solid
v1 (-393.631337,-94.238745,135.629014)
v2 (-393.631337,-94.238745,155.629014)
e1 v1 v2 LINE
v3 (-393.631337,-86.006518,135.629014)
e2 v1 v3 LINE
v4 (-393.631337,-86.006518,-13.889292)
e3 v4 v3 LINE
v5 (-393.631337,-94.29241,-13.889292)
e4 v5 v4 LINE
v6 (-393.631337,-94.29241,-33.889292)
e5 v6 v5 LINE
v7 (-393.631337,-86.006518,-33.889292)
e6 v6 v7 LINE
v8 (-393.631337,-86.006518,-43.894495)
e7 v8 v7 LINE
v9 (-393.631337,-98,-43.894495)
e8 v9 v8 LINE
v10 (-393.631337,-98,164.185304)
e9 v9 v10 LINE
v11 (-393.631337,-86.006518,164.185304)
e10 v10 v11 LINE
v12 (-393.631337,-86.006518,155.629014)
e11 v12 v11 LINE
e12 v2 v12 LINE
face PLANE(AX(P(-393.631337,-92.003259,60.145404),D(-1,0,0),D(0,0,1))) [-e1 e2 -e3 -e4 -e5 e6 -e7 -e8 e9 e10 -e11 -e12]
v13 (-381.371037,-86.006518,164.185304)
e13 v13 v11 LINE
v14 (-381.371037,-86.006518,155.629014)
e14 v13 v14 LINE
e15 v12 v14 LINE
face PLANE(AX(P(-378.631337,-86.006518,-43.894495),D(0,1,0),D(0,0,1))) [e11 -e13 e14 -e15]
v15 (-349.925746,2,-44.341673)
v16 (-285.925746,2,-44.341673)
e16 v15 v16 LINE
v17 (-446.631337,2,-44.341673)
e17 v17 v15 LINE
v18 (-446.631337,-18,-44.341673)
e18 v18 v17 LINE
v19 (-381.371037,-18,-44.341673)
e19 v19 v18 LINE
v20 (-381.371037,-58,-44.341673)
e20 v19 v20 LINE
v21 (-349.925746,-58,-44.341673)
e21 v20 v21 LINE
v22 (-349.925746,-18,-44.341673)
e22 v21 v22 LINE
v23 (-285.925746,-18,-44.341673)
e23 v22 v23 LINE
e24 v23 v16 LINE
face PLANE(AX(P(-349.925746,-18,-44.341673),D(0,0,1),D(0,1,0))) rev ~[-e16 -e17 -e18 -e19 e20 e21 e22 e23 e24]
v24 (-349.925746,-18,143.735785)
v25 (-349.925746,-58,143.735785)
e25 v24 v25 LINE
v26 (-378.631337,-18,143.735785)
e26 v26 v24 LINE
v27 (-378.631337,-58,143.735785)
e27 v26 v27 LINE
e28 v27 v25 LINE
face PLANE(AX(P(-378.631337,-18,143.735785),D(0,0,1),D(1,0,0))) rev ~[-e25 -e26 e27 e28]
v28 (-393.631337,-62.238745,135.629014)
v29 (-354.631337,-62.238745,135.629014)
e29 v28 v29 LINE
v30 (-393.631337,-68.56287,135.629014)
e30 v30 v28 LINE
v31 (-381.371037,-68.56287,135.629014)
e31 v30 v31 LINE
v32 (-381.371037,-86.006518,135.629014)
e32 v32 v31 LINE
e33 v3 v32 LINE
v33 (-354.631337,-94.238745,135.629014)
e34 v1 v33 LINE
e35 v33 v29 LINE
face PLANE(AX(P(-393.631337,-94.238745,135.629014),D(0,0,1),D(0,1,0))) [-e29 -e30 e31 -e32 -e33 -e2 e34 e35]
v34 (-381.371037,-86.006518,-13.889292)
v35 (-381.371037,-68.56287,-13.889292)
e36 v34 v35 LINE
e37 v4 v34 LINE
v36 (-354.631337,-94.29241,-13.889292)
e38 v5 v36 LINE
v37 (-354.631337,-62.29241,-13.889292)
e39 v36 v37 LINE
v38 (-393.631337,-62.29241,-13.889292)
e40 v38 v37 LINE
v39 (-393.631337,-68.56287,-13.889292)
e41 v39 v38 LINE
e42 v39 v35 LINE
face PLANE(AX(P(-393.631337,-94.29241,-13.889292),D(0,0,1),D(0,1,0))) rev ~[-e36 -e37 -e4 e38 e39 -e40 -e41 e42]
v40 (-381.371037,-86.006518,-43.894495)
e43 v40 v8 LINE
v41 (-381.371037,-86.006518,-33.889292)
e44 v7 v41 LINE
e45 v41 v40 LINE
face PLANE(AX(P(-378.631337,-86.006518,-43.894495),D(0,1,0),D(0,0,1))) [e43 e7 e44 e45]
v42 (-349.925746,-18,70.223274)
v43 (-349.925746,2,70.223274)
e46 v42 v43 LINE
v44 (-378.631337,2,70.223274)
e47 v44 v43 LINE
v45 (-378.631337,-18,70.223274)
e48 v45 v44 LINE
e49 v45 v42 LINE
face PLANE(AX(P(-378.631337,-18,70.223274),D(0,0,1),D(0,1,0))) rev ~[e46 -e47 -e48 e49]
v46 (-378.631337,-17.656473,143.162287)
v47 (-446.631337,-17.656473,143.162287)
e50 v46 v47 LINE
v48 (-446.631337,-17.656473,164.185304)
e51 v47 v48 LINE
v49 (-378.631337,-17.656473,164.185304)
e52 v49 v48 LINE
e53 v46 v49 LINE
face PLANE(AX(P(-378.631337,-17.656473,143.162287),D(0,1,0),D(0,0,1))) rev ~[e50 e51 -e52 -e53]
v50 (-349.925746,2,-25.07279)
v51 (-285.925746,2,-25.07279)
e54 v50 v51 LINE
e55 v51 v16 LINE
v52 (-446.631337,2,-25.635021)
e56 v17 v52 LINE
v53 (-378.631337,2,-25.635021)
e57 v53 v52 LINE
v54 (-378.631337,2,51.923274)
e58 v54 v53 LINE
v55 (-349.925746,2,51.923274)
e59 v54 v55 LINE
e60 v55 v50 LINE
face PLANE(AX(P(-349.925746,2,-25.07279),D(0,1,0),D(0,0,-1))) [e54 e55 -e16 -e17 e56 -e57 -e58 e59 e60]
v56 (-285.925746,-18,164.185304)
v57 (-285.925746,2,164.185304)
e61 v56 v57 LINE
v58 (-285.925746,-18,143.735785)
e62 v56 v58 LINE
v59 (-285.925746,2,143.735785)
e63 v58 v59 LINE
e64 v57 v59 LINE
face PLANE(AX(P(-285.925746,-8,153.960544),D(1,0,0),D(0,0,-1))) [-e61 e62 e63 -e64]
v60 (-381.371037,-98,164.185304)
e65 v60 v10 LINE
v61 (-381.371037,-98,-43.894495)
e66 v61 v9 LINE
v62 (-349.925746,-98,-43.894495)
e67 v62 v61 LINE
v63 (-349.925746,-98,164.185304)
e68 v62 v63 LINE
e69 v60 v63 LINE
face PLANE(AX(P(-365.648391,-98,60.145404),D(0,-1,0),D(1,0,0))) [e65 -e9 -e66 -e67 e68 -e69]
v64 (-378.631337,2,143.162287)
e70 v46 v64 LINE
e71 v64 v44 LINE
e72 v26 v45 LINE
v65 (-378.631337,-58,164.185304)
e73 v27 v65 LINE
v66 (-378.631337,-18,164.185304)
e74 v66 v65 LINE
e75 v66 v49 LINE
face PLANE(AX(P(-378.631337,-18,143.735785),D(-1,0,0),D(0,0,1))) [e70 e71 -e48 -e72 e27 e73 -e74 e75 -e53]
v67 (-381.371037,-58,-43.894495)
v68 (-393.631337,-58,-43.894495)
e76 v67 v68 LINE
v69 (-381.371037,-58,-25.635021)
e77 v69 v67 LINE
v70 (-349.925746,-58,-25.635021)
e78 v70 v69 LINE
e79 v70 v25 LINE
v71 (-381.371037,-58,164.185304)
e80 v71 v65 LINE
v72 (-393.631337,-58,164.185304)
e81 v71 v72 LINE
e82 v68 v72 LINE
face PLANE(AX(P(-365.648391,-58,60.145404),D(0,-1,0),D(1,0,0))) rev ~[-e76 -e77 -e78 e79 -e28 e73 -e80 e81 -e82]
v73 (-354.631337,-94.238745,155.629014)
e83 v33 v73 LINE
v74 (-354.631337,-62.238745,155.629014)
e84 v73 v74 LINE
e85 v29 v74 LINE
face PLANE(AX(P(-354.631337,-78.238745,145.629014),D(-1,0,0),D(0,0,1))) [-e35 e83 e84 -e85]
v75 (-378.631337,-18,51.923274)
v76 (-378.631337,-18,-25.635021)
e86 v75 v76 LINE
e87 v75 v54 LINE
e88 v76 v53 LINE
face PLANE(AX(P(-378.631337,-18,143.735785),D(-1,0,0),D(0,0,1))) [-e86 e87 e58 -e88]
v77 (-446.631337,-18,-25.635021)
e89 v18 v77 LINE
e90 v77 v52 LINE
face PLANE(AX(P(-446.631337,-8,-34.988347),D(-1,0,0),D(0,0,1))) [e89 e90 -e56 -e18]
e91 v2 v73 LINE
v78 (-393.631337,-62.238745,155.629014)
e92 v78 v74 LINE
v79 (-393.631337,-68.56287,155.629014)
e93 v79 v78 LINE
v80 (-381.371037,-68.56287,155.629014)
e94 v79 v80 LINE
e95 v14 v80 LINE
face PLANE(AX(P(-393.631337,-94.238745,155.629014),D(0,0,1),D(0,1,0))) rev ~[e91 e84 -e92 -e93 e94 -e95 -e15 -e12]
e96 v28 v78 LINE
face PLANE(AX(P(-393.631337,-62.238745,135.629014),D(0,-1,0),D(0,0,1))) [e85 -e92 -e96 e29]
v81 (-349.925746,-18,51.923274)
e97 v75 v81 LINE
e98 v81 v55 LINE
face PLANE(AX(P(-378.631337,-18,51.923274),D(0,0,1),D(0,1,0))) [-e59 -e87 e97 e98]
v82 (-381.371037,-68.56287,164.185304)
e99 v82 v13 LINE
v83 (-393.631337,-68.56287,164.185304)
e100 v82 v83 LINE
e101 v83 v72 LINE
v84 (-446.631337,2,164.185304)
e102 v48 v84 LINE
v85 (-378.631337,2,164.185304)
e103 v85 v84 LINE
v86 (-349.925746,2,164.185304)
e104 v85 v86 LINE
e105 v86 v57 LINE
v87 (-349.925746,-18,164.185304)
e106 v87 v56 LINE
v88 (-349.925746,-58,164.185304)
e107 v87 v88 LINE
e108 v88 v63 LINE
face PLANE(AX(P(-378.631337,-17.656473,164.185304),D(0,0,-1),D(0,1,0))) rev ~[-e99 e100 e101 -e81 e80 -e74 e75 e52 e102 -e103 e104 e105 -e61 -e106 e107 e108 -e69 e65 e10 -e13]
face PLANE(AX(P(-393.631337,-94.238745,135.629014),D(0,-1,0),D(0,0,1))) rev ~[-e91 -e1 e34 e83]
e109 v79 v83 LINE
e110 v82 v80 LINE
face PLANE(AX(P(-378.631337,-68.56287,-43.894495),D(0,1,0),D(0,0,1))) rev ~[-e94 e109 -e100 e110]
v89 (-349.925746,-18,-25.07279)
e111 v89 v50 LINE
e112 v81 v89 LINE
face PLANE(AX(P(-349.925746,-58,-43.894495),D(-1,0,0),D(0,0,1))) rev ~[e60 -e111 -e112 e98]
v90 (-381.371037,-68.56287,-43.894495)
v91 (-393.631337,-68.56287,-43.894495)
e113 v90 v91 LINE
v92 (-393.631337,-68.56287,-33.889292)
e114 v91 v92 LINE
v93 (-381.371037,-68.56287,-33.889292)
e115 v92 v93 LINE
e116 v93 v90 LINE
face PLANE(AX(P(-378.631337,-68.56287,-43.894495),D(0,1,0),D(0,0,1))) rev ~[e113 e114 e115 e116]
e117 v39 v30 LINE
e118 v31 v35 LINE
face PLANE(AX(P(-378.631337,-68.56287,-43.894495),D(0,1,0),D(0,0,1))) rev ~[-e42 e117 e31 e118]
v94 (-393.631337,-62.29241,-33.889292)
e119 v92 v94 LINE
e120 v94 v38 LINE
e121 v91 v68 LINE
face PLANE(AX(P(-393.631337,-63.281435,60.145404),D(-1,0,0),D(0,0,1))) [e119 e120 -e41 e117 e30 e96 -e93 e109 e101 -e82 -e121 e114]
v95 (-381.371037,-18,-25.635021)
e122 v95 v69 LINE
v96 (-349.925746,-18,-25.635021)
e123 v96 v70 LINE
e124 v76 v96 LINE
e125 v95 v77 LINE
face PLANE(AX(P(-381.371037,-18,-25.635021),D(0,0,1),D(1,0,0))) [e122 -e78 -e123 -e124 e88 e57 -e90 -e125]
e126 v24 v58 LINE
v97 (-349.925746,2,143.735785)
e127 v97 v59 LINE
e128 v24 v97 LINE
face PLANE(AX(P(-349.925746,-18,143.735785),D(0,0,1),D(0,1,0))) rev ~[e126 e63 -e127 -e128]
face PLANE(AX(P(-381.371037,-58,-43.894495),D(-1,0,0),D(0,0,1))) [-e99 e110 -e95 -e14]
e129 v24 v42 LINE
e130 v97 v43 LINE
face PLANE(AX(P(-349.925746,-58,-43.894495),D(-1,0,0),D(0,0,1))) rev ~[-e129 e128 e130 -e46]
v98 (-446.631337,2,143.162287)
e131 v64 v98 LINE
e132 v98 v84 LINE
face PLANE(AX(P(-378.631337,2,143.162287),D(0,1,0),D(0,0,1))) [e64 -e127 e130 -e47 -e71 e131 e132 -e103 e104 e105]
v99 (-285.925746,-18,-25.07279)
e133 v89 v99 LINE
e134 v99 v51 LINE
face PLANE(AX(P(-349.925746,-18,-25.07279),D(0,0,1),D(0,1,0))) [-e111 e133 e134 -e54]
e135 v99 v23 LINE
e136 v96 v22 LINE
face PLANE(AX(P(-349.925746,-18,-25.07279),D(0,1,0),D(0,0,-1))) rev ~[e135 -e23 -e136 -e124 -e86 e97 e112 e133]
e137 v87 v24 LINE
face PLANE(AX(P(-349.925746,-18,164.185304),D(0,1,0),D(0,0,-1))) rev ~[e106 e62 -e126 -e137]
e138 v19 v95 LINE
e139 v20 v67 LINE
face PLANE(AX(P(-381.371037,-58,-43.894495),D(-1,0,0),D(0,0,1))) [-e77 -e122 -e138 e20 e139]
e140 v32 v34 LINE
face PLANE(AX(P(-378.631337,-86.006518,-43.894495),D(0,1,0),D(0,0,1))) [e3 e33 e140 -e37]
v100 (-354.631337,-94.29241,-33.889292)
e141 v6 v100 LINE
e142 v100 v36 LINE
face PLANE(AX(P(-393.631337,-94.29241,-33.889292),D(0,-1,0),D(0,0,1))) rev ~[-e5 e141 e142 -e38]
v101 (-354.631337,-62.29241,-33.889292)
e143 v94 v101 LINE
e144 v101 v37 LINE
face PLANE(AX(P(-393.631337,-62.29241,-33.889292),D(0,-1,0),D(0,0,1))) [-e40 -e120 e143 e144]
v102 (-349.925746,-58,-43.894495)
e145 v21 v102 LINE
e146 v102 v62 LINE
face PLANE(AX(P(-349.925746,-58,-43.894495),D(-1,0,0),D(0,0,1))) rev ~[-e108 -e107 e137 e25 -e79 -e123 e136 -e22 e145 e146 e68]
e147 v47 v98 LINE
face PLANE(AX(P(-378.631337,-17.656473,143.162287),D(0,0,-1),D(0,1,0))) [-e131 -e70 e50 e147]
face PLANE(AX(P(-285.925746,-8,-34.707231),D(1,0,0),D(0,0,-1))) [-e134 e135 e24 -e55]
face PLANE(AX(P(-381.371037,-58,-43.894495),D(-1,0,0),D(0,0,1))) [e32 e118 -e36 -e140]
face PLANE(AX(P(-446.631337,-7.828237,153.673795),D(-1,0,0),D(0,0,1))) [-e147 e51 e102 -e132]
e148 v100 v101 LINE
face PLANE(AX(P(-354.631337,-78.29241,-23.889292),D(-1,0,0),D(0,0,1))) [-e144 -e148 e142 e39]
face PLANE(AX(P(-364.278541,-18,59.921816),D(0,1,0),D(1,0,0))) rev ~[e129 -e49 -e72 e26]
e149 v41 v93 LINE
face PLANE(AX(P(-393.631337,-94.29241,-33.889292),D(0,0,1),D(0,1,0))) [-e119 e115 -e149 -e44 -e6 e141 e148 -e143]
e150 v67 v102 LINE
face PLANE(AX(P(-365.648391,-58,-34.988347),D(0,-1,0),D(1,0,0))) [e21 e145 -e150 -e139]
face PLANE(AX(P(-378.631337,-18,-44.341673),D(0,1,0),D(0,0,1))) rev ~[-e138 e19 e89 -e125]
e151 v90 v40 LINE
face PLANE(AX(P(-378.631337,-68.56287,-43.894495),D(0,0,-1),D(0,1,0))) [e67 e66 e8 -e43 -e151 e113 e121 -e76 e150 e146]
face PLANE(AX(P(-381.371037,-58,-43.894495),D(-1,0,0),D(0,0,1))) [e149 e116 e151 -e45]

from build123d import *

# Parameters (mm, degrees)
SKETCH4_W            = 28.705590634
SKETCH4_H            = 208.526976526
BOSS_EXTRUDE5_DEPTH  = 20
SKETCH5_W            = 28.705590634
SKETCH5_H            = 20.449519005
SKETCH5_W_2          = 31.445291082
SKETCH5_H_2          = 18.706651284
BOSS_EXTRUDE6_DEPTH  = 40
SKETCH6_W            = 31.445291082
SKETCH6_H            = 208.079798694
BOSS_EXTRUDE7_DEPTH  = 40
SKETCH7_W            = 18.3
SKETCH7_H            = 20
CUT_EXTRUDE1_DEPTH   = 28.705590634
SKETCH8_W            = 208.079798694
SKETCH8_H            = 10.562870441
SKETCH8_H_2          = 11.993481809
BOSS_EXTRUDE8_DEPTH  = 15
SKETCH11_W           = 20
SKETCH11_H           = 32
CUT_EXTRUDE2_DEPTH   = 39
SKETCH12_W           = 21.023017078
SKETCH12_H           = 19.656473247
SKETCH12_W_2         = 18.706651284
SKETCH12_H_2         = 20
BOSS_EXTRUDE10_DEPTH = 68
SKETCH13_W           = 19.268882627
SKETCH13_H           = 20
SKETCH13_W_2         = 20.449519005
BOSS_EXTRUDE11_DEPTH = 64


with BuildPart() as part:
    # Sketch4 → Boss-Extrude5 (new body)
    with BuildSketch(Plane(origin=(0, -18, 0), x_dir=(1, 0, 0), z_dir=(0, 1, 0))):
        with Locations((-364.278541189, -59.921815566)):
            Rectangle(SKETCH4_W, SKETCH4_H)
    extrude(amount=BOSS_EXTRUDE5_DEPTH)

    # Sketch5 → Boss-Extrude6 (add)
    with BuildSketch(Plane.XZ.offset(18)):
        with Locations((-364.278541189, 153.960544327)):
            Rectangle(SKETCH5_W, SKETCH5_H)
        with Locations((-365.648391413, -34.988347055)):
            Rectangle(SKETCH5_W_2, SKETCH5_H_2)
    extrude(amount=BOSS_EXTRUDE6_DEPTH)

    # Sketch6 → Boss-Extrude7 (add)
    with BuildSketch(Plane.XZ.offset(58)):
        with Locations((-365.648391413, 60.145404482)):
            Rectangle(SKETCH6_W, SKETCH6_H)
    extrude(amount=BOSS_EXTRUDE7_DEPTH)

    # Sketch7 → Cut-Extrude1 (cut)
    with BuildSketch(Plane.ZY.offset(378.631336506)):
        with Locations((61.073274434, -8)):
            Rectangle(SKETCH7_W, SKETCH7_H)
    extrude(amount=-CUT_EXTRUDE1_DEPTH, mode=Mode.SUBTRACT)

    # Sketch8 → Boss-Extrude8 (add)
    with BuildSketch(Plane.ZY.offset(378.631336506)):
        with Locations((60.145404482, -63.281435221)):
            Rectangle(SKETCH8_W, SKETCH8_H)
        with Locations((60.145404482, -92.003259095)):
            Rectangle(SKETCH8_W, SKETCH8_H_2)
    extrude(amount=BOSS_EXTRUDE8_DEPTH)

    # Sketch11 → Cut-Extrude2 (cut)
    with BuildSketch(Plane.ZY.offset(393.631336506)):
        with Locations((145.629013926, -78.238745267)):
            Rectangle(SKETCH11_W, SKETCH11_H)
        with Locations((-23.889291997, -78.292410405)):
            Rectangle(SKETCH11_W, SKETCH11_H)
    extrude(amount=-CUT_EXTRUDE2_DEPTH, mode=Mode.SUBTRACT)

    # Sketch12 → Boss-Extrude10 (add)
    with BuildSketch(Plane.ZY.offset(378.631336506)):
        with Locations((153.67379529, -7.828236624)):
            Rectangle(SKETCH12_W, SKETCH12_H)
        with Locations((-34.988347055, -8)):
            Rectangle(SKETCH12_W_2, SKETCH12_H_2)
    extrude(amount=BOSS_EXTRUDE10_DEPTH)

    # Sketch13 → Boss-Extrude11 (add)
    with BuildSketch(Plane(origin=(-349.925745872, 0, 0), x_dir=(0, 0, -1), z_dir=(1, 0, 0))):
        with Locations((34.707231384, -8)):
            Rectangle(SKETCH13_W, SKETCH13_H)
        with Locations((-153.960544327, -8)):
            Rectangle(SKETCH13_W_2, SKETCH13_H)
    extrude(amount=BOSS_EXTRUDE11_DEPTH)


solid = part.part
